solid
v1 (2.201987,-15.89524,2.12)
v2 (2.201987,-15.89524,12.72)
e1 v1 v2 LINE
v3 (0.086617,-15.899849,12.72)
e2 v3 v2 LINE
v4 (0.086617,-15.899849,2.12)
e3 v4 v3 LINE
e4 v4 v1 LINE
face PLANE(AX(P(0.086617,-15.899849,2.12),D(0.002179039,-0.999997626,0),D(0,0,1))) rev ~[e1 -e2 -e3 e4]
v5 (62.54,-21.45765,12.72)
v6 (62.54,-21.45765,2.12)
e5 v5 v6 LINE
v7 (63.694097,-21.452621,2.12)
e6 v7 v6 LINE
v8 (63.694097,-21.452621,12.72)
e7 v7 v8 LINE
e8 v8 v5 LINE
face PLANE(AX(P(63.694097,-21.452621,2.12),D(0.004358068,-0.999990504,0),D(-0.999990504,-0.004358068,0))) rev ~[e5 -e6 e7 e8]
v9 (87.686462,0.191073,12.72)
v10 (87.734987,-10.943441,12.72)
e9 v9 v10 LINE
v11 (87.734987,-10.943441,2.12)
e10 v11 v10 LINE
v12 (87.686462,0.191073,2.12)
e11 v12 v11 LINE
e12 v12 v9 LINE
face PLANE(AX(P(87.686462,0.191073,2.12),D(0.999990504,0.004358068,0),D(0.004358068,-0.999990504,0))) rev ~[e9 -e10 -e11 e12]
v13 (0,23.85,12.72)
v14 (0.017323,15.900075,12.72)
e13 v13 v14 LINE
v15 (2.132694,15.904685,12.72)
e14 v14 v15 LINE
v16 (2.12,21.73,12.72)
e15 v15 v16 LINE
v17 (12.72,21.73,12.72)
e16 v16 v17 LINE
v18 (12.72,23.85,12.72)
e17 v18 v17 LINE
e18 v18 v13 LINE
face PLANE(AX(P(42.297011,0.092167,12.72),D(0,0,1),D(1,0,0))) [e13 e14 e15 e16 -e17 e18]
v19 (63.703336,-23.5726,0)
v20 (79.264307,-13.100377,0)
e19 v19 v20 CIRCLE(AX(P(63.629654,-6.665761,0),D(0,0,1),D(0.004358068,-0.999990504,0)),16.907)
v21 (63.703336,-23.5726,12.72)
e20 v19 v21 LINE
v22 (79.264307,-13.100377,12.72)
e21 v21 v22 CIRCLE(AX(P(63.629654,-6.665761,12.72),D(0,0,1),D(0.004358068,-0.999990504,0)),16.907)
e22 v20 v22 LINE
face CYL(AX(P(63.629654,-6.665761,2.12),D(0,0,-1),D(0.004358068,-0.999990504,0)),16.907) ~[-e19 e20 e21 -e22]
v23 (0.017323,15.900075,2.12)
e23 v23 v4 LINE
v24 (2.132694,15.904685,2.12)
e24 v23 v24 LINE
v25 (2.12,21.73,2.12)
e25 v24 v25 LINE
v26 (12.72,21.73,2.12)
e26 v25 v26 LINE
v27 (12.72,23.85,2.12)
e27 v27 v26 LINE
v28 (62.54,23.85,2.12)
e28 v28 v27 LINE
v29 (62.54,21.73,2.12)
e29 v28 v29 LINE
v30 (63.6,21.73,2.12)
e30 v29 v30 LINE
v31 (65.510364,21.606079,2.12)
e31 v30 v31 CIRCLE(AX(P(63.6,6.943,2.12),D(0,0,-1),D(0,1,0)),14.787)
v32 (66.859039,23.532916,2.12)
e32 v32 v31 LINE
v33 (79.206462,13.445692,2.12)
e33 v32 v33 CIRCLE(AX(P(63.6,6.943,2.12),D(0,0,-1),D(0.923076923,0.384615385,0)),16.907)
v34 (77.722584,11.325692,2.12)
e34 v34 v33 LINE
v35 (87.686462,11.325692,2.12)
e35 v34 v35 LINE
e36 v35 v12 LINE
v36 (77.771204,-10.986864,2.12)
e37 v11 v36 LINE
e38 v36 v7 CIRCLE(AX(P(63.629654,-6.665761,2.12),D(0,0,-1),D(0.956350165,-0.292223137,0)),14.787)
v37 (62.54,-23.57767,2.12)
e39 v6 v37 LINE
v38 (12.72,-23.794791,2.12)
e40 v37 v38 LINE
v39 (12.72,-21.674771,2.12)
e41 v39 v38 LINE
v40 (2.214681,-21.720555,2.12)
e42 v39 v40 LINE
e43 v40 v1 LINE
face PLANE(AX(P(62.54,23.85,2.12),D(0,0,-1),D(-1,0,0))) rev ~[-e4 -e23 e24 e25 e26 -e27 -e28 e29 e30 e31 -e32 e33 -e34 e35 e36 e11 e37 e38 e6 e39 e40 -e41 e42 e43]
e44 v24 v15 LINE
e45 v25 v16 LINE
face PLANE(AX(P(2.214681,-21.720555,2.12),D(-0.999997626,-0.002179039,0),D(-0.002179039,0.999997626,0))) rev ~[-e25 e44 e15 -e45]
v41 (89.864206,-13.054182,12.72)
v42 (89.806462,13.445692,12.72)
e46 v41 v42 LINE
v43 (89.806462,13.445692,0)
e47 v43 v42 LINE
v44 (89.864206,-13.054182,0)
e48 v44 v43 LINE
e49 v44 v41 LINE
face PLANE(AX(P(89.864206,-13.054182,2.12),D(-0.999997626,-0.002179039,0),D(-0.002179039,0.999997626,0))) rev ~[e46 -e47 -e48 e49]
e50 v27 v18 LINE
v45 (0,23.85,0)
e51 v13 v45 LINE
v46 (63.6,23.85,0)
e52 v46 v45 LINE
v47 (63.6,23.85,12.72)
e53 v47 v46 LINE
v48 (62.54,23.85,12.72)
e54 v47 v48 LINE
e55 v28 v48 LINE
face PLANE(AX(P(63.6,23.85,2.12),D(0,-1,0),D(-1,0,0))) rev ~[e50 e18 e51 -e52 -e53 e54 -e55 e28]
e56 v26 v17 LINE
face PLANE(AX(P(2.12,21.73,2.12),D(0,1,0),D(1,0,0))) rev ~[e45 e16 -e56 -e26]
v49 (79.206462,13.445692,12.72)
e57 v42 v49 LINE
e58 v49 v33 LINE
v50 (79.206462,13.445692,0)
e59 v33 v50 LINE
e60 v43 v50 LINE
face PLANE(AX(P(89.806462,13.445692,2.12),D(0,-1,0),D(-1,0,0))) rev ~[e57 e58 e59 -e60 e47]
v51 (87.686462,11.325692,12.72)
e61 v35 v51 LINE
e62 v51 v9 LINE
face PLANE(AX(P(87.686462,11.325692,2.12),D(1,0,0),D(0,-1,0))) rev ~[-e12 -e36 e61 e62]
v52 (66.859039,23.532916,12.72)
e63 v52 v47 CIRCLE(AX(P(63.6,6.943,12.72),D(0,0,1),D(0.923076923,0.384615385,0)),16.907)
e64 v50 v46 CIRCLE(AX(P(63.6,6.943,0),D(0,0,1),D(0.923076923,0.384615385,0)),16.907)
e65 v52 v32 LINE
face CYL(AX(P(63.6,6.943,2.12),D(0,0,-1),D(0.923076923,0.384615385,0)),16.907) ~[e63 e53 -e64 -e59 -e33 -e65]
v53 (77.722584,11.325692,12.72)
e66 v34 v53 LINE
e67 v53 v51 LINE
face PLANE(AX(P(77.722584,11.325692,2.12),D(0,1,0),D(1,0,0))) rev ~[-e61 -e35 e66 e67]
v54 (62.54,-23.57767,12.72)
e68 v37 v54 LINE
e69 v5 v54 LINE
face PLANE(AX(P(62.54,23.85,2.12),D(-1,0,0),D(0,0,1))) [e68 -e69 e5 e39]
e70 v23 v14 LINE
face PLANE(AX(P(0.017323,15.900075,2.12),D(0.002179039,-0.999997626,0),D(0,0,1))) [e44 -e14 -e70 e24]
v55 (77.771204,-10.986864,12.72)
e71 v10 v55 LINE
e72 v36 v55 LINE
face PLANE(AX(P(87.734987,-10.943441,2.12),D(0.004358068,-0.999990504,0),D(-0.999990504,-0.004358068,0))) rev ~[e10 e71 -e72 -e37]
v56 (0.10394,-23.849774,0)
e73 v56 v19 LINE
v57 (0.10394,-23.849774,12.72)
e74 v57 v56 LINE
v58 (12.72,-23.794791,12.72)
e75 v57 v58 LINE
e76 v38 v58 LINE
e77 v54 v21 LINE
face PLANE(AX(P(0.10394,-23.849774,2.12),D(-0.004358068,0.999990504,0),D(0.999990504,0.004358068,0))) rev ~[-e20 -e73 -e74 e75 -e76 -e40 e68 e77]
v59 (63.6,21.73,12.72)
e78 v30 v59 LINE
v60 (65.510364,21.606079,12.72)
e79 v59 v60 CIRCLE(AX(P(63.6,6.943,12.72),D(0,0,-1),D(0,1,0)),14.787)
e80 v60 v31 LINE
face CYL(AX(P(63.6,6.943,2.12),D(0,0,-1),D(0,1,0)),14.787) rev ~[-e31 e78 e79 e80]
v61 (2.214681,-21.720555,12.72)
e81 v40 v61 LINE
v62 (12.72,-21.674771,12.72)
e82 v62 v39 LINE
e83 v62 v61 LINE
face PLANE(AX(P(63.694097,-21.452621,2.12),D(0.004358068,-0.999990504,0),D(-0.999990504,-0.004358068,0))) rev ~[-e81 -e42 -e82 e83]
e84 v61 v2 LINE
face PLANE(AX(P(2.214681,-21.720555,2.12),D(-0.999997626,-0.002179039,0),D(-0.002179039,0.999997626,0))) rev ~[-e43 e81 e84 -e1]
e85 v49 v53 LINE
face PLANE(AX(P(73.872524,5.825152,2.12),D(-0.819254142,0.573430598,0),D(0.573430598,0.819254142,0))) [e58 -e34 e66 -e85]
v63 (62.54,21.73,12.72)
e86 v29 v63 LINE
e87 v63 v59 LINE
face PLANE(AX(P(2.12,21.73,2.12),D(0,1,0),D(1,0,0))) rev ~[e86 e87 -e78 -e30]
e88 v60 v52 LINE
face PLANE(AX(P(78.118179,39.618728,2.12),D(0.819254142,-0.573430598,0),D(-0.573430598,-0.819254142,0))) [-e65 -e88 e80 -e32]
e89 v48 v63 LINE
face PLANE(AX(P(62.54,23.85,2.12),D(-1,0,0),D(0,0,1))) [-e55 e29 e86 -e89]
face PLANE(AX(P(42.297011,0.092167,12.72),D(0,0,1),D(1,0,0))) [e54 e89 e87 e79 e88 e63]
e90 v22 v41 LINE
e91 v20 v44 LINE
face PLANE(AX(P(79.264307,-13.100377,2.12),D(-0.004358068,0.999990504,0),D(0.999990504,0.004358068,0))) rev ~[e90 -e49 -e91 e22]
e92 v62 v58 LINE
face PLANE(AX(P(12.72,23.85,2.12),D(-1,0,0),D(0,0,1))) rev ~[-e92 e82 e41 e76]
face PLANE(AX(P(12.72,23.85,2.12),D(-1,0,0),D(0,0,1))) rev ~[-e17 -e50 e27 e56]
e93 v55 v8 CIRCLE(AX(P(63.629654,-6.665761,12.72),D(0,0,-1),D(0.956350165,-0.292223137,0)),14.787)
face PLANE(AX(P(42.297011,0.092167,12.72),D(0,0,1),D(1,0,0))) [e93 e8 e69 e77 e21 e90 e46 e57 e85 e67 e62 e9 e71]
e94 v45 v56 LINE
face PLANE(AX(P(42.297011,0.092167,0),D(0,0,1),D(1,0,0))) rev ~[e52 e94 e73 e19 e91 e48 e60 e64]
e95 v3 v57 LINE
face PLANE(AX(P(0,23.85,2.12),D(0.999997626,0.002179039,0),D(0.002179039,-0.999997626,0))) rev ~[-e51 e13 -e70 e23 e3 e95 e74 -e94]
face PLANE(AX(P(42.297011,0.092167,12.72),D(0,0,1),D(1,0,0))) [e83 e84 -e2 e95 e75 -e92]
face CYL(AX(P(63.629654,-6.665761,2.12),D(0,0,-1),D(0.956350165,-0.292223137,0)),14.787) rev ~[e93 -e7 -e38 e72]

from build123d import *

# Parameters (mm, degrees)
F1_DEPTH  = 2
F3_DEPTH  = 10
F4_W      = 30
F4_H      = 10
F5_DEPTH  = 1.9956371739
F4_H_2    = 50
F6_DEPTH  = 25
F8_DEPTH  = 50
F9_W      = 47
F9_H      = 10
F10_DEPTH = 45.0007863305
F11_SCALE = 1.06


with BuildPart() as f1:
    # F0 (on Top) → F1 (new body)
    with BuildSketch(Plane.XY):
        with BuildLine():
            Line((60, 22.5), (0, 22.5))
            Line((0, 22.5), (0.09805652, -22.4997863305))
            Line((0.09805652, -22.4997863305), (60.0974867347, -22.2383022772))
            ThreePointArc((60.0974867347, -22.2383022772), (68.9331965187, -19.52097203), (74.7776478239, -12.3588466471))
            Line((74.7776478239, -12.3588466471), (84.7775528597, -12.3152659716))
            Line((84.7775528597, -12.3152659716), (84.7230770152, 12.6846153232))
            Line((84.7230770152, 12.6846153232), (74.7230770152, 12.6846153232))
            ThreePointArc((74.7230770152, 12.6846153232), (68.8474681852, 19.8212021779), (60, 22.5))
        make_face()
    extrude(amount=F1_DEPTH)

    # F2 (on face) → F3 (join)
    with BuildSketch(Plane.XY.offset(2)):
        with BuildLine():
            Line((0.09805652, -22.4997863305), (60.0974867347, -22.2383022772))
            ThreePointArc((60.0974867347, -22.2383022772), (68.9331965187, -19.52097203), (74.7776478239, -12.3588466471))
            Line((74.7776478239, -12.3588466471), (84.7775528597, -12.3152659716))
            Line((84.7775528597, -12.3152659716), (84.7230770152, 12.6846153232))
            Line((84.7230770152, 12.6846153232), (74.7230770152, 12.6846153232))
            ThreePointArc((74.7230770152, 12.6846153232), (68.8474681852, 19.8212021779), (60, 22.5))
            Line((60, 22.5), (0, 22.5))
            Line((0, 22.5), (0.09805652, -22.4997863305))
        make_face()
        with BuildLine():
            Line((2, 20.5), (60, 20.5))
            ThreePointArc((60, 20.5), (68.2741953452, 17.7812150693), (73.3231924886, 10.6846153232))
            Line((73.3231924886, 10.6846153232), (82.7230770152, 10.6846153232))
            Line((82.7230770152, 10.6846153232), (82.7230770152, 0.1802572349))
            Line((82.7230770152, 0.1802572349), (82.7688557174, -10.3240010995))
            Line((82.7688557174, -10.3240010995), (73.3690604561, -10.3649664313))
            ThreePointArc((73.3690604561, -10.3649664313), (68.3510387212, -17.4835026557), (60.0887705996, -20.23832127))
            Line((60.0887705996, -20.23832127), (2.0893213921, -20.4910891882))
            Line((2.0893213921, -20.4910891882), (2, 20.5))
        make_face(mode=Mode.SUBTRACT)
    extrude(amount=F3_DEPTH)

    # F4 (on face) → F5 (cut, through all)
    with BuildSketch(Plane(origin=(0.04902826, 0.0001068347, 0), x_dir=(0.002179039, -0.9999976259, 0), z_dir=(-0.9999976259, -0.002179039, 0))):
        with Locations((0, 7)):
            Rectangle(F4_W, F4_H)
    extrude(amount=-F5_DEPTH, mode=Mode.SUBTRACT)

    # F4 (on face) → F6 (cut)
    with BuildSketch(Plane(origin=(0.04902826, 0.0001068347, 0), x_dir=(0.002179039, -0.9999976259, 0), z_dir=(-0.9999976259, -0.002179039, 0))):
        with Locations((0, 27)):
            Rectangle(F4_W, F4_H_2)
    extrude(amount=-F6_DEPTH, mode=Mode.SUBTRACT)

    # F7 (on face) → F8 (cut)
    with BuildSketch(Plane.XY.offset(2)):
        Polygon((56.9224528048, 13.4114075262), (69.6910599869, 5.4954265969), (86.4650020105, 29.460177553), (73.6963948284, 37.3761584823), align=None)
    extrude(amount=F8_DEPTH, mode=Mode.SUBTRACT)

    # F9 (on face) → F10 (cut, through all)
    with BuildSketch(Plane(origin=(0, 22.5, 0), x_dir=(-1, 0, 0), z_dir=(0, 1, 0))):
        with Locations((-35.5, 7)):
            Rectangle(F9_W, F9_H)
    extrude(amount=-F10_DEPTH, mode=Mode.SUBTRACT)


with BuildPart() as f1_1:
    # F11: moved
    add(f1.part.scale(F11_SCALE))


solid = f1_1.part
